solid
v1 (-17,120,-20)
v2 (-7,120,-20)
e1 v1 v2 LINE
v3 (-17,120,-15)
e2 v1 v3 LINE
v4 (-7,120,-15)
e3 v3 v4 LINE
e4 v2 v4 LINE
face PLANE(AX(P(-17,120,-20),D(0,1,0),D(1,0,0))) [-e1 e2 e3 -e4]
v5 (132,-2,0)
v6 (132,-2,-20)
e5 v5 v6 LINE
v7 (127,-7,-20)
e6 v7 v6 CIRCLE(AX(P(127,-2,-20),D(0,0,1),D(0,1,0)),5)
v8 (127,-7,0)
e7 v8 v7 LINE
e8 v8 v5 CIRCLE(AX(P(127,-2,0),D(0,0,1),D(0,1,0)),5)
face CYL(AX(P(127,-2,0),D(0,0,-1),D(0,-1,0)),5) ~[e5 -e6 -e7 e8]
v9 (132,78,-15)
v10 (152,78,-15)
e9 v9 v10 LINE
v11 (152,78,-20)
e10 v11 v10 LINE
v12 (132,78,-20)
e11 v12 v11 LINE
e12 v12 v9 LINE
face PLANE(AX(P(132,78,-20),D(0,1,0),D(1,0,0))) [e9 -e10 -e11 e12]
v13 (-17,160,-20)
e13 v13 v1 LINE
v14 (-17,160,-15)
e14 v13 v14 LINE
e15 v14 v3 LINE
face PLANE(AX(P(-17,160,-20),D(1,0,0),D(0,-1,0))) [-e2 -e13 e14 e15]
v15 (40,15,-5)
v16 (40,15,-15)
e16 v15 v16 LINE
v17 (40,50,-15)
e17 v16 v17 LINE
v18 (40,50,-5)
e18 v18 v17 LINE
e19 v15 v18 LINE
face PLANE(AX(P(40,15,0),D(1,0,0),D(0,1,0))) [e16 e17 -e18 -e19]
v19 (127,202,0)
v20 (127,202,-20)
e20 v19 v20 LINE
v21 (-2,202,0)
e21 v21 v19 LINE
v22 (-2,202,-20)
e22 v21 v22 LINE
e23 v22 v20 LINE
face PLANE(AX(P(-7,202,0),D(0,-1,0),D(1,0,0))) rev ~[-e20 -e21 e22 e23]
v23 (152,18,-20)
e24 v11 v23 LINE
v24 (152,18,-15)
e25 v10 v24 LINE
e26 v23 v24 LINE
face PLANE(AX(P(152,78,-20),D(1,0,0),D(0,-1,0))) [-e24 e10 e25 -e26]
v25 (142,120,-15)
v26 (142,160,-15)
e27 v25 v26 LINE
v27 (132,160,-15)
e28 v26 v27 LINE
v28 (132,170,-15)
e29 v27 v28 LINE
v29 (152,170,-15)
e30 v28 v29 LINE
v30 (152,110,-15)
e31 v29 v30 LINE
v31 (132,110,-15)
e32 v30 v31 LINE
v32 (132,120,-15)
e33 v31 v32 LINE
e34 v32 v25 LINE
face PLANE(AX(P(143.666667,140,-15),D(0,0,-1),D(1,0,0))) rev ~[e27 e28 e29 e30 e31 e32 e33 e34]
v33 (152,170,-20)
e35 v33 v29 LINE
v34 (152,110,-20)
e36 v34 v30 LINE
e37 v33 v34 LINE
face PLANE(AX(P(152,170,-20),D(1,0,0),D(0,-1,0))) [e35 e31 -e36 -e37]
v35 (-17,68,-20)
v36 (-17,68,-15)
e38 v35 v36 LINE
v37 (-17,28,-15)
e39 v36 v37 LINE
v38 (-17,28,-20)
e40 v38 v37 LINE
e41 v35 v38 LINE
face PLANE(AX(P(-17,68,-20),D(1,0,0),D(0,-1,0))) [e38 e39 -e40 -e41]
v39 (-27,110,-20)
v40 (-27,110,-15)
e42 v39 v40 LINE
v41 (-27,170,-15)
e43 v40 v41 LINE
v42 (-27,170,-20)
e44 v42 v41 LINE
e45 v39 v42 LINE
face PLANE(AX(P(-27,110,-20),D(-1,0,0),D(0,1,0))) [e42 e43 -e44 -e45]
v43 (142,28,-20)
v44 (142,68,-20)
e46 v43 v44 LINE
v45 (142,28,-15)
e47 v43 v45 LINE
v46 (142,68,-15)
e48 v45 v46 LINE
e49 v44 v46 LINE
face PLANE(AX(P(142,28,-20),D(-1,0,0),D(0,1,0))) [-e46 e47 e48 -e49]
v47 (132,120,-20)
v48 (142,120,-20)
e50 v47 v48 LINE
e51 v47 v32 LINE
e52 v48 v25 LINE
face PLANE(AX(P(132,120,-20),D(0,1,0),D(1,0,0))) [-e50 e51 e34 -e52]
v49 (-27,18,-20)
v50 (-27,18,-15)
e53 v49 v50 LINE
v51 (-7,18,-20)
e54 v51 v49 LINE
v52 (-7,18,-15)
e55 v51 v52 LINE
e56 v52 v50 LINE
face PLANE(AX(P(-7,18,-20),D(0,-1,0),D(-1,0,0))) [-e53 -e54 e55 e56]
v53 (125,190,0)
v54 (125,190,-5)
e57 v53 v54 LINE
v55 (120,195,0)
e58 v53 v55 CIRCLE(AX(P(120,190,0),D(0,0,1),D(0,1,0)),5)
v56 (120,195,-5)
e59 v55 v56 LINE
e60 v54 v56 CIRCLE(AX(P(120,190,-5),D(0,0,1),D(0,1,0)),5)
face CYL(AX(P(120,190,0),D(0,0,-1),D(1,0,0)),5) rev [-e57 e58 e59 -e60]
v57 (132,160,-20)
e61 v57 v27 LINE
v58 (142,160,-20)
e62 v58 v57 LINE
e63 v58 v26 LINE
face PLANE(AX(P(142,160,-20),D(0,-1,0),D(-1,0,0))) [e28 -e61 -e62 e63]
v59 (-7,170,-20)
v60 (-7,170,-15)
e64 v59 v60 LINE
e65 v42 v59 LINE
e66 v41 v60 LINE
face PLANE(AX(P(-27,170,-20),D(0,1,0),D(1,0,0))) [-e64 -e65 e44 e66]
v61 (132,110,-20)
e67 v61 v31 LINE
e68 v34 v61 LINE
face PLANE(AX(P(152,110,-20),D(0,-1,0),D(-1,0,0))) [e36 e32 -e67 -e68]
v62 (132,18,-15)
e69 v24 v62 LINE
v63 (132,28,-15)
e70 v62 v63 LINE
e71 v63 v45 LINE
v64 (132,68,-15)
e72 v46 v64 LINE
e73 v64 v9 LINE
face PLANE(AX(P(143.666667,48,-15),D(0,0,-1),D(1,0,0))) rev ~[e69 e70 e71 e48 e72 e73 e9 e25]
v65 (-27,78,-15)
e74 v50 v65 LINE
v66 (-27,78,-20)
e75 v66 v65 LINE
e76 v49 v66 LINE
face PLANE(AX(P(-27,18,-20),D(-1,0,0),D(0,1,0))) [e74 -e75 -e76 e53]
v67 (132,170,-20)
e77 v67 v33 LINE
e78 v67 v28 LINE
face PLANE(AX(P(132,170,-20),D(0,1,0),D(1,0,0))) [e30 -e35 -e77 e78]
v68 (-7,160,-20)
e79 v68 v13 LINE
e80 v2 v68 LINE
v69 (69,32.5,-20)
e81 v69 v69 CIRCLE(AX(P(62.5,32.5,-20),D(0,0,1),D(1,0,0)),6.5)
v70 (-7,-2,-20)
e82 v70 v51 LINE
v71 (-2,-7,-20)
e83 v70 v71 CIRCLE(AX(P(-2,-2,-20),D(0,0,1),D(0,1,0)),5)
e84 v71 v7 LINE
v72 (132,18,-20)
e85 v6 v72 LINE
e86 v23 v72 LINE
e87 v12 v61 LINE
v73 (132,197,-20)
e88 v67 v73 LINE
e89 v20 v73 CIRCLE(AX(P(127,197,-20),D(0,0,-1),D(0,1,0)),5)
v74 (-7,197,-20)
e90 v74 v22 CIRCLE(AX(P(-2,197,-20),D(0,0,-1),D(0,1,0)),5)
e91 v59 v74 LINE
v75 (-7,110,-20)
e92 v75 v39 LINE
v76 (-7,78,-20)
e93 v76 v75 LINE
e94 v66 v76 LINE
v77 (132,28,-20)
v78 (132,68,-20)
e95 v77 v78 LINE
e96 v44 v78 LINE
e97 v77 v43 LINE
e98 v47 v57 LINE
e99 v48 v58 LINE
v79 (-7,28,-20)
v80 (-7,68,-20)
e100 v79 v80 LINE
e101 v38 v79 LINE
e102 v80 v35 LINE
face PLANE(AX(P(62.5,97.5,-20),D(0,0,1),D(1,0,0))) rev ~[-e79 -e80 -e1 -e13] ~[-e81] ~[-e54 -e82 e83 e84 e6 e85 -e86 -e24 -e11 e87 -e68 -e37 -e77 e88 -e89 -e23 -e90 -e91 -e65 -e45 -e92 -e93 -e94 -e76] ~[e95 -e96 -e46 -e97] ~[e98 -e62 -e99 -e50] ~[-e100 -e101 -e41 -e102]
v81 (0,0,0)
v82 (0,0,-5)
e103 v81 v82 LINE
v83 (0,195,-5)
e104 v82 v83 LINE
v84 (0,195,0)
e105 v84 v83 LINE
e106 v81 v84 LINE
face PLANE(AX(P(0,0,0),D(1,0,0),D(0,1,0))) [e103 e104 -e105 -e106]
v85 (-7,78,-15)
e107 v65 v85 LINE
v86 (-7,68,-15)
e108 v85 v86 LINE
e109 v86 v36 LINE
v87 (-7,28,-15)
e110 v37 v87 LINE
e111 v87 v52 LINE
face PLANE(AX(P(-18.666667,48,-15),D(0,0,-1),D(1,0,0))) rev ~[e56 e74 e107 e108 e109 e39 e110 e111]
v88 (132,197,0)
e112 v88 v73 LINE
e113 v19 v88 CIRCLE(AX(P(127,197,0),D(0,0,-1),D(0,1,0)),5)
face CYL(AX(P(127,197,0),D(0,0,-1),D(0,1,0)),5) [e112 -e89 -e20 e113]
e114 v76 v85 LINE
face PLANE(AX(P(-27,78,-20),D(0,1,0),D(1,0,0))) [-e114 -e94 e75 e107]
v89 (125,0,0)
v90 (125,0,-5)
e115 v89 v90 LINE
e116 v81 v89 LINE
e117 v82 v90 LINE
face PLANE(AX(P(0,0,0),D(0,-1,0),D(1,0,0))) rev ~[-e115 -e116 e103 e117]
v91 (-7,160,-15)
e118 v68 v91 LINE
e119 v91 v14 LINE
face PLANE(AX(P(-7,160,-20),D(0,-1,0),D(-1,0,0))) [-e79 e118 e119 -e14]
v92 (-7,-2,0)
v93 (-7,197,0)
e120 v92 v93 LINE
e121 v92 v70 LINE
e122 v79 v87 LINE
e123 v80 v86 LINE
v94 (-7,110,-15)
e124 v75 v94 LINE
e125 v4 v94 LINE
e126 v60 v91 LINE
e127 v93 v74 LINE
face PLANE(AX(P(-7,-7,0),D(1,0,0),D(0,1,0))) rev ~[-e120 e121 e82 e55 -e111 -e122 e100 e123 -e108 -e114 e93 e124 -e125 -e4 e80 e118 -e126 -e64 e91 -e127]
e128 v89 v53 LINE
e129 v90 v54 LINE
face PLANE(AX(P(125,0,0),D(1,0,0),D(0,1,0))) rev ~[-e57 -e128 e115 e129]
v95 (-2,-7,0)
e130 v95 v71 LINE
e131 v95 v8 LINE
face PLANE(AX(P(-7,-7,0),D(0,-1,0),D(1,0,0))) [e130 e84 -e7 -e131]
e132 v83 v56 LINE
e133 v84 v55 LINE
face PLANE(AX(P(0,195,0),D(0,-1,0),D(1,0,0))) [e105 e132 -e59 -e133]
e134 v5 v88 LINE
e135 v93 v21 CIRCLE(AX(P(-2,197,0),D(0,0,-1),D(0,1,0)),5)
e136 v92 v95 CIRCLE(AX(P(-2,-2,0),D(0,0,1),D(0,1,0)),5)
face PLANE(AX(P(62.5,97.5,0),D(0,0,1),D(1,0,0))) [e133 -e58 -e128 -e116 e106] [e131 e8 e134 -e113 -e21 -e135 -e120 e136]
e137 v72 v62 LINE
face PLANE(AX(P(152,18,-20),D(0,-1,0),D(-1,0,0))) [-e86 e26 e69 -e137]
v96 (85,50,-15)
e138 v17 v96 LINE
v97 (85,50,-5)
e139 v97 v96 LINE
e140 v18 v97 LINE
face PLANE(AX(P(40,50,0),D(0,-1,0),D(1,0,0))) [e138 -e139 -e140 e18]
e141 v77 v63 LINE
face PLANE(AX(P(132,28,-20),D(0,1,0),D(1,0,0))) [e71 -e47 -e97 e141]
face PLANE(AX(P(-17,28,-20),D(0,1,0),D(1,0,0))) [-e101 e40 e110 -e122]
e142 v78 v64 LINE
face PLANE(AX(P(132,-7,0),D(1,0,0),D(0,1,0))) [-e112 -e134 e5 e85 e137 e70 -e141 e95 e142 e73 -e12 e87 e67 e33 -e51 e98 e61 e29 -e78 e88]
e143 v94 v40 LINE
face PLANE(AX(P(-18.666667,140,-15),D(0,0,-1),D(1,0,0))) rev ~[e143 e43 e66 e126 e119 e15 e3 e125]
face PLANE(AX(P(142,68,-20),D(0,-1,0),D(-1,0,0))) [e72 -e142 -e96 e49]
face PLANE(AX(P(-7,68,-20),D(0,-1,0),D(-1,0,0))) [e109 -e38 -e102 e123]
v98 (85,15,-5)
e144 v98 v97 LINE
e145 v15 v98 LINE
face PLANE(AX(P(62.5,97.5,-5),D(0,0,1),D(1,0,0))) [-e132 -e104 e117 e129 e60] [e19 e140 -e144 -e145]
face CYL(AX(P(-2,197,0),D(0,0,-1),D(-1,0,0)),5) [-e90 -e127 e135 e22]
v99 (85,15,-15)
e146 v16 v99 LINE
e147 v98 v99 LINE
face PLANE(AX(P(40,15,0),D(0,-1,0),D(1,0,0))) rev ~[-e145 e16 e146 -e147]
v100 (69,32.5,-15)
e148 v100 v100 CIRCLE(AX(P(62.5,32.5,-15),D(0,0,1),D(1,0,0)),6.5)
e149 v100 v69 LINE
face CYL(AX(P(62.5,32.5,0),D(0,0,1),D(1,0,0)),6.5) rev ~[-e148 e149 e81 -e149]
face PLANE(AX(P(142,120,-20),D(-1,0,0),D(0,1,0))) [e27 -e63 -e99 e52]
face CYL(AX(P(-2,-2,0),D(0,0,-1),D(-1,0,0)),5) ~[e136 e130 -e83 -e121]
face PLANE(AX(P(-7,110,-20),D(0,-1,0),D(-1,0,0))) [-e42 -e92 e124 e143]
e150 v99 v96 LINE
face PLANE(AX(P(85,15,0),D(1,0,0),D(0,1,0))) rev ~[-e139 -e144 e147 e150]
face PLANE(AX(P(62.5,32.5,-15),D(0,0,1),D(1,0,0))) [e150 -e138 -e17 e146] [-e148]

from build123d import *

# Parameters (mm, degrees)
F0_W     = 139
F0_H     = 209
F0_W_2   = 125
F0_H_2   = 195
F1_DEPTH = 20
F2_DEPTH = 5
F3_W     = 45
F3_H     = 35
F4_DEPTH = 15
F5_R     = 6.5
F6_DEPTH = 25
F7_R     = 5
F9_DEPTH = 5


with BuildPart() as f1:
    # F0 (on Top) → F1 (new body)
    with BuildSketch(Plane.XY):
        with Locations((62.5, 97.5)):
            Rectangle(F0_W, F0_H)
        with Locations((62.5, 97.5)):
            Rectangle(F0_W_2, F0_H_2, mode=Mode.SUBTRACT)
        with Locations((62.5, 97.5)):
            Rectangle(F0_W_2, F0_H_2)
    extrude(amount=-F1_DEPTH)

    # F0 (on Top) → F2 (cut)
    with BuildSketch(Plane.XY):
        with Locations((62.5, 97.5)):
            Rectangle(F0_W_2, F0_H_2)
    extrude(amount=-F2_DEPTH, mode=Mode.SUBTRACT)

    # F3 (on face) → F4 (cut)
    with BuildSketch(Plane.XY):
        with Locations((62.5, 32.5)):
            Rectangle(F3_W, F3_H)
    extrude(amount=-F4_DEPTH, mode=Mode.SUBTRACT)

    # F5 (on face) → F6 (cut)
    with BuildSketch(Plane.XY):
        with Locations((62.5, 32.5)):
            Circle(F5_R)
    extrude(amount=-F6_DEPTH, mode=Mode.SUBTRACT)

    # F7
    f7_edges = [f1.edges().sort_by_distance(p)[0] for p in [
        (-7, -7, -10),
        (125, 195, -2.5),
        (-7, 202, -10),
        (132, -7, -10),
        (132, 202, -10),
    ]]
    fillet(f7_edges, radius=F7_R)

    # F8 (on face) → F9 (join)
    with BuildSketch(Plane(origin=(0, 0, -20), x_dir=(1, 0, 0), z_dir=(0, 0, -1))):
        Polygon((-27, -170), (-7, -170), (-7, -160), (-17, -160), (-17, -120), (-7, -120), (-7, -110), (-27, -110), align=None)
        Polygon((-27, -78), (-7, -78), (-7, -68), (-17, -68), (-17, -28), (-7, -28), (-7, -18), (-27, -18), align=None)
        Polygon((132, -68), (132, -78), (152, -78), (152, -18), (132, -18), (132, -28), (142, -28), (142, -68), align=None)
        Polygon((132, -170), (152, -170), (152, -110), (132, -110), (132, -120), (142, -120), (142, -160), (132, -160), align=None)
    extrude(amount=-F9_DEPTH)


solid = f1.part
